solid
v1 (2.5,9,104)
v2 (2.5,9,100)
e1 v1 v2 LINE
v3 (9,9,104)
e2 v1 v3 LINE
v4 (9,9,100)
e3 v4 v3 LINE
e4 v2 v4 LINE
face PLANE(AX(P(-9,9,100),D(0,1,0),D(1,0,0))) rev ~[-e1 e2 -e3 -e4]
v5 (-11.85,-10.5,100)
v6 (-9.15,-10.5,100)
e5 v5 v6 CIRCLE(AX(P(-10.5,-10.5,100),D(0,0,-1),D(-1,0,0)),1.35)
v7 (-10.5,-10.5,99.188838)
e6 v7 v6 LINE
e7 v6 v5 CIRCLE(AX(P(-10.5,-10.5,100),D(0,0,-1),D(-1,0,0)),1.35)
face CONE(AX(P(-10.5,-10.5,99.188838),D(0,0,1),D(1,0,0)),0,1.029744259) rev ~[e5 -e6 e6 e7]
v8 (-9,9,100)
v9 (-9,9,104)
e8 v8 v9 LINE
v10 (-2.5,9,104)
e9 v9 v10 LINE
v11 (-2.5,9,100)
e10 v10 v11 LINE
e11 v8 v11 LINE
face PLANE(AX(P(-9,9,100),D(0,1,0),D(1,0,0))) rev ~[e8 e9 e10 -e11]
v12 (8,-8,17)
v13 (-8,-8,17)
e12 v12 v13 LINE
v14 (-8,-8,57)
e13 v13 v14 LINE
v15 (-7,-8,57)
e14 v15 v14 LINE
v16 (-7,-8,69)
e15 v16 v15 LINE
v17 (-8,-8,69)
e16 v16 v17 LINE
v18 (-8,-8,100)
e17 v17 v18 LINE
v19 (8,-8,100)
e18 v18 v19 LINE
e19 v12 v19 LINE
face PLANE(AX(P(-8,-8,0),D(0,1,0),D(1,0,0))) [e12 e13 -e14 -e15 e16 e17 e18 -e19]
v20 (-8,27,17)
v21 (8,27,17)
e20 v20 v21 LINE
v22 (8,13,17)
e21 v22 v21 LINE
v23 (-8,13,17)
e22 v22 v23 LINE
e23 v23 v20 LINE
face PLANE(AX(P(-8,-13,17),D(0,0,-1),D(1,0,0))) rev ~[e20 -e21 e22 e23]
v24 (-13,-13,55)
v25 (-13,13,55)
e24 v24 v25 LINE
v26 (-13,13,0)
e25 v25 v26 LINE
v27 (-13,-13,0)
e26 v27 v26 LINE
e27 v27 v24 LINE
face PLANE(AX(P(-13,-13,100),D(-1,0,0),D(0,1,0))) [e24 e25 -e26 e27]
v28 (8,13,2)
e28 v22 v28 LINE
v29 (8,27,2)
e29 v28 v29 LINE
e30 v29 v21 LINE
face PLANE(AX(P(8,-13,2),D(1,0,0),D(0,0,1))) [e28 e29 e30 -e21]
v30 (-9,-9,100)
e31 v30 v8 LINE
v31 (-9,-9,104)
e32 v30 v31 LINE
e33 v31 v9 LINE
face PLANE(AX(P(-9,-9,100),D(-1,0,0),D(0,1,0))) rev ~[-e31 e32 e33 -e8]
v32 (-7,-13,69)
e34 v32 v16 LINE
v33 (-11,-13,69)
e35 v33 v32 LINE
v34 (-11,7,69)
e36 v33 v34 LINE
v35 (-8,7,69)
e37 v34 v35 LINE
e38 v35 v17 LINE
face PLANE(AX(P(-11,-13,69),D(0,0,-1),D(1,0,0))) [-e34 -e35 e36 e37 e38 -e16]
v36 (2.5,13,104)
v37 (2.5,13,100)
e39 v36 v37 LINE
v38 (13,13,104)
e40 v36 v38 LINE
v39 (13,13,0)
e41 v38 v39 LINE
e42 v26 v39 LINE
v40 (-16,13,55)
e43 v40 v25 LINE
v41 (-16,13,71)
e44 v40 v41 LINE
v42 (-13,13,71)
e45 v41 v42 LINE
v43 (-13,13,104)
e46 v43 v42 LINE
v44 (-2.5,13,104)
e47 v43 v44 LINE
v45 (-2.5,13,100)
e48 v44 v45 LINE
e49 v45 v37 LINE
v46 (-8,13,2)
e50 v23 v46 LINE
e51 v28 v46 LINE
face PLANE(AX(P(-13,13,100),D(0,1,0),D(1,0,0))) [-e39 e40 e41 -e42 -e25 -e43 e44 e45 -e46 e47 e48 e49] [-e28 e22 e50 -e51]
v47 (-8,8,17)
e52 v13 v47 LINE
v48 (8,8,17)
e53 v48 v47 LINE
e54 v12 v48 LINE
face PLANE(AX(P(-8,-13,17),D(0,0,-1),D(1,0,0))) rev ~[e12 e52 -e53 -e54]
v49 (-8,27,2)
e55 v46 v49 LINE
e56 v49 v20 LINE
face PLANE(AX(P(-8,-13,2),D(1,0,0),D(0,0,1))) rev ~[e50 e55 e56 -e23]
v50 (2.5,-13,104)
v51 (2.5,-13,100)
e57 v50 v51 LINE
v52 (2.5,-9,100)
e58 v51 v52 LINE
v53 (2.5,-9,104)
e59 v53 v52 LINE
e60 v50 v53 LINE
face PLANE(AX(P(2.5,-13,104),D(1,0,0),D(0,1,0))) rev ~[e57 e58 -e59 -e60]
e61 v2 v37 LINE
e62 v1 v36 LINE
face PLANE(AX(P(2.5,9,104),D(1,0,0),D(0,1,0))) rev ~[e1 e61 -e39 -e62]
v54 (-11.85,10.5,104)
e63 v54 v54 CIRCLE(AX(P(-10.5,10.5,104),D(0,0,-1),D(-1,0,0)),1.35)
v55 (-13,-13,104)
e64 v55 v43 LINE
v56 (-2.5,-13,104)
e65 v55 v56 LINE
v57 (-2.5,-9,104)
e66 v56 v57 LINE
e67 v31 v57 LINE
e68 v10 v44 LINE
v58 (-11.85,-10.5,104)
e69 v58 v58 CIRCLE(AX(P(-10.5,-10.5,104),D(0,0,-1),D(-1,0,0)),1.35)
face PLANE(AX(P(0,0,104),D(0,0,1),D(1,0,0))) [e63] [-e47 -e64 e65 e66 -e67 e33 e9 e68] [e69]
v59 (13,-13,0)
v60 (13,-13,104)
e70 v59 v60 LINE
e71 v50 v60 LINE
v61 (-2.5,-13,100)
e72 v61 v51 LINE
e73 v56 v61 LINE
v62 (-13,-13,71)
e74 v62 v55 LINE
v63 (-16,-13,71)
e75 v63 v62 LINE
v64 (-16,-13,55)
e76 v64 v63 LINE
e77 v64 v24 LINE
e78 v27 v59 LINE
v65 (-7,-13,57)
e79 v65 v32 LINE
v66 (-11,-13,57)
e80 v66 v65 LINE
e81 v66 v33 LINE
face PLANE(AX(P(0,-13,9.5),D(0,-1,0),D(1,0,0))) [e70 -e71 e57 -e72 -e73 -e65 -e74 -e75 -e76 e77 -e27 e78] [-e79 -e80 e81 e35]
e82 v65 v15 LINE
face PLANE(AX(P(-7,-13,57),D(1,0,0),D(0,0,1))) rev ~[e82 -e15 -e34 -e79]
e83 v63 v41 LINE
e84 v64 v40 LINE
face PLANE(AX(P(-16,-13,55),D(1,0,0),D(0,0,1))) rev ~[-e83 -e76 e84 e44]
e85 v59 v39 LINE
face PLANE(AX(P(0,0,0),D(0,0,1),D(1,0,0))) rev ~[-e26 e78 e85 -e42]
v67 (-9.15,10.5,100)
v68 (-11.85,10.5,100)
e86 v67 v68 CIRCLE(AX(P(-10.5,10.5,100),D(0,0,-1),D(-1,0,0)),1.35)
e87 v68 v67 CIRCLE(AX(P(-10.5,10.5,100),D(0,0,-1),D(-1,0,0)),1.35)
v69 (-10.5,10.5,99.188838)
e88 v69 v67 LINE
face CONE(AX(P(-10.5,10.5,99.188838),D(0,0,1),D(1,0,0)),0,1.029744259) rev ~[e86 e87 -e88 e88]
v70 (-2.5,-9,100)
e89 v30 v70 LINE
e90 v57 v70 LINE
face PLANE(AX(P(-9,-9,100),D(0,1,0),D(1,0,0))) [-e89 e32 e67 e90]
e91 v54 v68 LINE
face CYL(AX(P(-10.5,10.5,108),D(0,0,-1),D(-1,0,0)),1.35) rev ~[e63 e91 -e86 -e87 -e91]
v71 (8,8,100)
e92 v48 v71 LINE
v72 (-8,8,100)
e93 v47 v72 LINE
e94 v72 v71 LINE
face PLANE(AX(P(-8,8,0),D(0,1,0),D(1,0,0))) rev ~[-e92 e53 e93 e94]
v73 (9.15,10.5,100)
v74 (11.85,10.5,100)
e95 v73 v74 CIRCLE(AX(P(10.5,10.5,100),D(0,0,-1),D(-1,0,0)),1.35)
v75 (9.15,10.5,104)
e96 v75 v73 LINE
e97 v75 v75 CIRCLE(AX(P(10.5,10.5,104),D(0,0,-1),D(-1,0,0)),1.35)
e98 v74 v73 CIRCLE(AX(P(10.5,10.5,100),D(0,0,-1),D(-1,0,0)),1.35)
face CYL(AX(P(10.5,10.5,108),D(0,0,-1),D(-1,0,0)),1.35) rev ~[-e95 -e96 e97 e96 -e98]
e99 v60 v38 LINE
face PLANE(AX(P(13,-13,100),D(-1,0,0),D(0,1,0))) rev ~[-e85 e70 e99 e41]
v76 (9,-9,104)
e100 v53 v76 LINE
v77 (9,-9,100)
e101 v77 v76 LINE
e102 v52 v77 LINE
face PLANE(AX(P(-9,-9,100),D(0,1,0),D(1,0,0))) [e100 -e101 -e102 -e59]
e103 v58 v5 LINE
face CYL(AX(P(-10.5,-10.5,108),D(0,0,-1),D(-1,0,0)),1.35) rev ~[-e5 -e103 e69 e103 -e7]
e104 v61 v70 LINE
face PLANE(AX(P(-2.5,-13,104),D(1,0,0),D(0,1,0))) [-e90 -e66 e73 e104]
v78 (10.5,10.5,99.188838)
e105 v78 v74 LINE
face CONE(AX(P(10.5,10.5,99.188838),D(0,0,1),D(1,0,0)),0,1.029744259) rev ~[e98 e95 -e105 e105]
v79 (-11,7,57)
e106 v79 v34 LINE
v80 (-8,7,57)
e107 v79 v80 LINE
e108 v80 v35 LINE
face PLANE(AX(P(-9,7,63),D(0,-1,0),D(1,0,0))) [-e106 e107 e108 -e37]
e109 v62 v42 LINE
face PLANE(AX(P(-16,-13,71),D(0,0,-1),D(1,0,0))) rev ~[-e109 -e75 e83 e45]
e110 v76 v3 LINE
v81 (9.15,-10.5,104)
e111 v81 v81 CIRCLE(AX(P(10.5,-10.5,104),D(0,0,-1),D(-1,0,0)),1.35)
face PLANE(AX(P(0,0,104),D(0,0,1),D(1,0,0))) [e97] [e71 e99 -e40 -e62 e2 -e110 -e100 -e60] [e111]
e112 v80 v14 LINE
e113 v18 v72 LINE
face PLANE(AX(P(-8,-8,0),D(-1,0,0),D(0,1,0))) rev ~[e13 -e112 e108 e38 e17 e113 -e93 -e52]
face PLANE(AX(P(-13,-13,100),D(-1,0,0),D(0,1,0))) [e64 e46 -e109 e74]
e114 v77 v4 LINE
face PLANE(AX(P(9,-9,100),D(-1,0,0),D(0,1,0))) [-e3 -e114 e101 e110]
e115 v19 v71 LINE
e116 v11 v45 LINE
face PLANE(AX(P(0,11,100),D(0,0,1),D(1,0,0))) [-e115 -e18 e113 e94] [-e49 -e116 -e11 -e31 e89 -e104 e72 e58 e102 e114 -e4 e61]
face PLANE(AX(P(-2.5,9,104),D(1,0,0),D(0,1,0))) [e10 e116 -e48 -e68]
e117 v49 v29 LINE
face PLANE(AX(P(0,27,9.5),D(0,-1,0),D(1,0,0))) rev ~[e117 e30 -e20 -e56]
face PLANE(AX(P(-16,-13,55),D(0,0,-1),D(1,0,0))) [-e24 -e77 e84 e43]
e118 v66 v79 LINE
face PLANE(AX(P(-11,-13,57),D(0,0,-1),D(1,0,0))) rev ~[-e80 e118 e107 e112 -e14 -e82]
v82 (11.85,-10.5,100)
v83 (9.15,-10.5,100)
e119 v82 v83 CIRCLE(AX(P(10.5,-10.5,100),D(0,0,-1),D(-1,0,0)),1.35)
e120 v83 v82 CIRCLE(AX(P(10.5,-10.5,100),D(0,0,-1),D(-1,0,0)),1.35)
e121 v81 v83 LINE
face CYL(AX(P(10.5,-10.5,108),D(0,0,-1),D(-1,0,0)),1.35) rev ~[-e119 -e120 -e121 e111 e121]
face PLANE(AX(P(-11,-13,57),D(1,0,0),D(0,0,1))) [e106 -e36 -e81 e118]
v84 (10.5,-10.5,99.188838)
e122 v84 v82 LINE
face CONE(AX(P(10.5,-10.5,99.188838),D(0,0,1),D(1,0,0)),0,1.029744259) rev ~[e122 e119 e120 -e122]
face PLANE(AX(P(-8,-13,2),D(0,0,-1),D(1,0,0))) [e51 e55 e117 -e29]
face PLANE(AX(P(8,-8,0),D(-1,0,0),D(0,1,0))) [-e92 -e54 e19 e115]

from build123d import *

# Parameters (mm, degrees)
F0_W      = 26
F0_H      = 26
F0_W_2    = 16
F0_H_2    = 16
F1_DEPTH  = 2
F2_DEPTH  = 100
F3_W      = 26
F3_H      = 26
F3_W_2    = 18
F3_H_2    = 18
F4_DEPTH  = 4
F5_W      = 5
F5_H      = 4
F6_DEPTH  = 4
F7_D      = 2.7
F7_DEPTH  = 4
F7_TIP    = 0.8111618357
F9_W      = 3
F9_H      = 16
F10_DEPTH = 26
F11_W     = 4
F11_H     = 12
F12_DEPTH = 20
F13_W     = 16
F13_H     = 15
F14_DEPTH = 40


with BuildPart() as f1:
    # F0 (on Top) → F1 (new body)
    with BuildSketch(Plane.XY):
        Rectangle(F0_W, F0_H)
        Rectangle(F0_W_2, F0_H_2, mode=Mode.SUBTRACT)
        Rectangle(F0_W_2, F0_H_2)
    extrude(amount=F1_DEPTH)

    # F0 (on Top) → F2 (join)
    with BuildSketch(Plane.XY):
        Rectangle(F0_W, F0_H)
        Rectangle(F0_W_2, F0_H_2, mode=Mode.SUBTRACT)
    extrude(amount=F2_DEPTH)

    # F3 (on face) → F4 (join)
    with BuildSketch(Plane.XY.offset(100)):
        Rectangle(F3_W, F3_H)
        Rectangle(F3_W_2, F3_H_2, mode=Mode.SUBTRACT)
    extrude(amount=F4_DEPTH)

    # F5 (on face) → F6 (cut, through all)
    with BuildSketch(Plane.XY.offset(104)):
        with Locations((0, -11)):
            Rectangle(F5_W, F5_H)
        with Locations((0, 11)):
            Rectangle(F5_W, F5_H)
    extrude(amount=-F6_DEPTH, mode=Mode.SUBTRACT)

    # F7
    with Locations(Plane.XY.offset(104)):
        with Locations((-10.5, 10.5), (10.5, 10.5), (-10.5, -10.5), (10.5, -10.5)):
            Hole(F7_D / 2, depth=F7_DEPTH)
            with Locations((0, 0, -(F7_DEPTH + F7_TIP / 2))):  # 118° drill point
                Cone(0, F7_D / 2, F7_TIP, mode=Mode.SUBTRACT)

    # F9 (on face) → F10 (join)
    with BuildSketch(Plane.XZ.offset(13)):
        with Locations((-14.5, 63)):
            Rectangle(F9_W, F9_H)
    extrude(amount=-F10_DEPTH)

    # F11 (on face) → F12 (cut)
    with BuildSketch(Plane.XZ.offset(13)):
        with Locations((-9, 63)):
            Rectangle(F11_W, F11_H)
    extrude(amount=-F12_DEPTH, mode=Mode.SUBTRACT)

    # F13 (on face) → F14 (join)
    with BuildSketch(Plane.XZ.offset(13)):
        with Locations((0, 9.5)):
            Rectangle(F13_W, F13_H)
    extrude(amount=-F14_DEPTH)


solid = f1.part
